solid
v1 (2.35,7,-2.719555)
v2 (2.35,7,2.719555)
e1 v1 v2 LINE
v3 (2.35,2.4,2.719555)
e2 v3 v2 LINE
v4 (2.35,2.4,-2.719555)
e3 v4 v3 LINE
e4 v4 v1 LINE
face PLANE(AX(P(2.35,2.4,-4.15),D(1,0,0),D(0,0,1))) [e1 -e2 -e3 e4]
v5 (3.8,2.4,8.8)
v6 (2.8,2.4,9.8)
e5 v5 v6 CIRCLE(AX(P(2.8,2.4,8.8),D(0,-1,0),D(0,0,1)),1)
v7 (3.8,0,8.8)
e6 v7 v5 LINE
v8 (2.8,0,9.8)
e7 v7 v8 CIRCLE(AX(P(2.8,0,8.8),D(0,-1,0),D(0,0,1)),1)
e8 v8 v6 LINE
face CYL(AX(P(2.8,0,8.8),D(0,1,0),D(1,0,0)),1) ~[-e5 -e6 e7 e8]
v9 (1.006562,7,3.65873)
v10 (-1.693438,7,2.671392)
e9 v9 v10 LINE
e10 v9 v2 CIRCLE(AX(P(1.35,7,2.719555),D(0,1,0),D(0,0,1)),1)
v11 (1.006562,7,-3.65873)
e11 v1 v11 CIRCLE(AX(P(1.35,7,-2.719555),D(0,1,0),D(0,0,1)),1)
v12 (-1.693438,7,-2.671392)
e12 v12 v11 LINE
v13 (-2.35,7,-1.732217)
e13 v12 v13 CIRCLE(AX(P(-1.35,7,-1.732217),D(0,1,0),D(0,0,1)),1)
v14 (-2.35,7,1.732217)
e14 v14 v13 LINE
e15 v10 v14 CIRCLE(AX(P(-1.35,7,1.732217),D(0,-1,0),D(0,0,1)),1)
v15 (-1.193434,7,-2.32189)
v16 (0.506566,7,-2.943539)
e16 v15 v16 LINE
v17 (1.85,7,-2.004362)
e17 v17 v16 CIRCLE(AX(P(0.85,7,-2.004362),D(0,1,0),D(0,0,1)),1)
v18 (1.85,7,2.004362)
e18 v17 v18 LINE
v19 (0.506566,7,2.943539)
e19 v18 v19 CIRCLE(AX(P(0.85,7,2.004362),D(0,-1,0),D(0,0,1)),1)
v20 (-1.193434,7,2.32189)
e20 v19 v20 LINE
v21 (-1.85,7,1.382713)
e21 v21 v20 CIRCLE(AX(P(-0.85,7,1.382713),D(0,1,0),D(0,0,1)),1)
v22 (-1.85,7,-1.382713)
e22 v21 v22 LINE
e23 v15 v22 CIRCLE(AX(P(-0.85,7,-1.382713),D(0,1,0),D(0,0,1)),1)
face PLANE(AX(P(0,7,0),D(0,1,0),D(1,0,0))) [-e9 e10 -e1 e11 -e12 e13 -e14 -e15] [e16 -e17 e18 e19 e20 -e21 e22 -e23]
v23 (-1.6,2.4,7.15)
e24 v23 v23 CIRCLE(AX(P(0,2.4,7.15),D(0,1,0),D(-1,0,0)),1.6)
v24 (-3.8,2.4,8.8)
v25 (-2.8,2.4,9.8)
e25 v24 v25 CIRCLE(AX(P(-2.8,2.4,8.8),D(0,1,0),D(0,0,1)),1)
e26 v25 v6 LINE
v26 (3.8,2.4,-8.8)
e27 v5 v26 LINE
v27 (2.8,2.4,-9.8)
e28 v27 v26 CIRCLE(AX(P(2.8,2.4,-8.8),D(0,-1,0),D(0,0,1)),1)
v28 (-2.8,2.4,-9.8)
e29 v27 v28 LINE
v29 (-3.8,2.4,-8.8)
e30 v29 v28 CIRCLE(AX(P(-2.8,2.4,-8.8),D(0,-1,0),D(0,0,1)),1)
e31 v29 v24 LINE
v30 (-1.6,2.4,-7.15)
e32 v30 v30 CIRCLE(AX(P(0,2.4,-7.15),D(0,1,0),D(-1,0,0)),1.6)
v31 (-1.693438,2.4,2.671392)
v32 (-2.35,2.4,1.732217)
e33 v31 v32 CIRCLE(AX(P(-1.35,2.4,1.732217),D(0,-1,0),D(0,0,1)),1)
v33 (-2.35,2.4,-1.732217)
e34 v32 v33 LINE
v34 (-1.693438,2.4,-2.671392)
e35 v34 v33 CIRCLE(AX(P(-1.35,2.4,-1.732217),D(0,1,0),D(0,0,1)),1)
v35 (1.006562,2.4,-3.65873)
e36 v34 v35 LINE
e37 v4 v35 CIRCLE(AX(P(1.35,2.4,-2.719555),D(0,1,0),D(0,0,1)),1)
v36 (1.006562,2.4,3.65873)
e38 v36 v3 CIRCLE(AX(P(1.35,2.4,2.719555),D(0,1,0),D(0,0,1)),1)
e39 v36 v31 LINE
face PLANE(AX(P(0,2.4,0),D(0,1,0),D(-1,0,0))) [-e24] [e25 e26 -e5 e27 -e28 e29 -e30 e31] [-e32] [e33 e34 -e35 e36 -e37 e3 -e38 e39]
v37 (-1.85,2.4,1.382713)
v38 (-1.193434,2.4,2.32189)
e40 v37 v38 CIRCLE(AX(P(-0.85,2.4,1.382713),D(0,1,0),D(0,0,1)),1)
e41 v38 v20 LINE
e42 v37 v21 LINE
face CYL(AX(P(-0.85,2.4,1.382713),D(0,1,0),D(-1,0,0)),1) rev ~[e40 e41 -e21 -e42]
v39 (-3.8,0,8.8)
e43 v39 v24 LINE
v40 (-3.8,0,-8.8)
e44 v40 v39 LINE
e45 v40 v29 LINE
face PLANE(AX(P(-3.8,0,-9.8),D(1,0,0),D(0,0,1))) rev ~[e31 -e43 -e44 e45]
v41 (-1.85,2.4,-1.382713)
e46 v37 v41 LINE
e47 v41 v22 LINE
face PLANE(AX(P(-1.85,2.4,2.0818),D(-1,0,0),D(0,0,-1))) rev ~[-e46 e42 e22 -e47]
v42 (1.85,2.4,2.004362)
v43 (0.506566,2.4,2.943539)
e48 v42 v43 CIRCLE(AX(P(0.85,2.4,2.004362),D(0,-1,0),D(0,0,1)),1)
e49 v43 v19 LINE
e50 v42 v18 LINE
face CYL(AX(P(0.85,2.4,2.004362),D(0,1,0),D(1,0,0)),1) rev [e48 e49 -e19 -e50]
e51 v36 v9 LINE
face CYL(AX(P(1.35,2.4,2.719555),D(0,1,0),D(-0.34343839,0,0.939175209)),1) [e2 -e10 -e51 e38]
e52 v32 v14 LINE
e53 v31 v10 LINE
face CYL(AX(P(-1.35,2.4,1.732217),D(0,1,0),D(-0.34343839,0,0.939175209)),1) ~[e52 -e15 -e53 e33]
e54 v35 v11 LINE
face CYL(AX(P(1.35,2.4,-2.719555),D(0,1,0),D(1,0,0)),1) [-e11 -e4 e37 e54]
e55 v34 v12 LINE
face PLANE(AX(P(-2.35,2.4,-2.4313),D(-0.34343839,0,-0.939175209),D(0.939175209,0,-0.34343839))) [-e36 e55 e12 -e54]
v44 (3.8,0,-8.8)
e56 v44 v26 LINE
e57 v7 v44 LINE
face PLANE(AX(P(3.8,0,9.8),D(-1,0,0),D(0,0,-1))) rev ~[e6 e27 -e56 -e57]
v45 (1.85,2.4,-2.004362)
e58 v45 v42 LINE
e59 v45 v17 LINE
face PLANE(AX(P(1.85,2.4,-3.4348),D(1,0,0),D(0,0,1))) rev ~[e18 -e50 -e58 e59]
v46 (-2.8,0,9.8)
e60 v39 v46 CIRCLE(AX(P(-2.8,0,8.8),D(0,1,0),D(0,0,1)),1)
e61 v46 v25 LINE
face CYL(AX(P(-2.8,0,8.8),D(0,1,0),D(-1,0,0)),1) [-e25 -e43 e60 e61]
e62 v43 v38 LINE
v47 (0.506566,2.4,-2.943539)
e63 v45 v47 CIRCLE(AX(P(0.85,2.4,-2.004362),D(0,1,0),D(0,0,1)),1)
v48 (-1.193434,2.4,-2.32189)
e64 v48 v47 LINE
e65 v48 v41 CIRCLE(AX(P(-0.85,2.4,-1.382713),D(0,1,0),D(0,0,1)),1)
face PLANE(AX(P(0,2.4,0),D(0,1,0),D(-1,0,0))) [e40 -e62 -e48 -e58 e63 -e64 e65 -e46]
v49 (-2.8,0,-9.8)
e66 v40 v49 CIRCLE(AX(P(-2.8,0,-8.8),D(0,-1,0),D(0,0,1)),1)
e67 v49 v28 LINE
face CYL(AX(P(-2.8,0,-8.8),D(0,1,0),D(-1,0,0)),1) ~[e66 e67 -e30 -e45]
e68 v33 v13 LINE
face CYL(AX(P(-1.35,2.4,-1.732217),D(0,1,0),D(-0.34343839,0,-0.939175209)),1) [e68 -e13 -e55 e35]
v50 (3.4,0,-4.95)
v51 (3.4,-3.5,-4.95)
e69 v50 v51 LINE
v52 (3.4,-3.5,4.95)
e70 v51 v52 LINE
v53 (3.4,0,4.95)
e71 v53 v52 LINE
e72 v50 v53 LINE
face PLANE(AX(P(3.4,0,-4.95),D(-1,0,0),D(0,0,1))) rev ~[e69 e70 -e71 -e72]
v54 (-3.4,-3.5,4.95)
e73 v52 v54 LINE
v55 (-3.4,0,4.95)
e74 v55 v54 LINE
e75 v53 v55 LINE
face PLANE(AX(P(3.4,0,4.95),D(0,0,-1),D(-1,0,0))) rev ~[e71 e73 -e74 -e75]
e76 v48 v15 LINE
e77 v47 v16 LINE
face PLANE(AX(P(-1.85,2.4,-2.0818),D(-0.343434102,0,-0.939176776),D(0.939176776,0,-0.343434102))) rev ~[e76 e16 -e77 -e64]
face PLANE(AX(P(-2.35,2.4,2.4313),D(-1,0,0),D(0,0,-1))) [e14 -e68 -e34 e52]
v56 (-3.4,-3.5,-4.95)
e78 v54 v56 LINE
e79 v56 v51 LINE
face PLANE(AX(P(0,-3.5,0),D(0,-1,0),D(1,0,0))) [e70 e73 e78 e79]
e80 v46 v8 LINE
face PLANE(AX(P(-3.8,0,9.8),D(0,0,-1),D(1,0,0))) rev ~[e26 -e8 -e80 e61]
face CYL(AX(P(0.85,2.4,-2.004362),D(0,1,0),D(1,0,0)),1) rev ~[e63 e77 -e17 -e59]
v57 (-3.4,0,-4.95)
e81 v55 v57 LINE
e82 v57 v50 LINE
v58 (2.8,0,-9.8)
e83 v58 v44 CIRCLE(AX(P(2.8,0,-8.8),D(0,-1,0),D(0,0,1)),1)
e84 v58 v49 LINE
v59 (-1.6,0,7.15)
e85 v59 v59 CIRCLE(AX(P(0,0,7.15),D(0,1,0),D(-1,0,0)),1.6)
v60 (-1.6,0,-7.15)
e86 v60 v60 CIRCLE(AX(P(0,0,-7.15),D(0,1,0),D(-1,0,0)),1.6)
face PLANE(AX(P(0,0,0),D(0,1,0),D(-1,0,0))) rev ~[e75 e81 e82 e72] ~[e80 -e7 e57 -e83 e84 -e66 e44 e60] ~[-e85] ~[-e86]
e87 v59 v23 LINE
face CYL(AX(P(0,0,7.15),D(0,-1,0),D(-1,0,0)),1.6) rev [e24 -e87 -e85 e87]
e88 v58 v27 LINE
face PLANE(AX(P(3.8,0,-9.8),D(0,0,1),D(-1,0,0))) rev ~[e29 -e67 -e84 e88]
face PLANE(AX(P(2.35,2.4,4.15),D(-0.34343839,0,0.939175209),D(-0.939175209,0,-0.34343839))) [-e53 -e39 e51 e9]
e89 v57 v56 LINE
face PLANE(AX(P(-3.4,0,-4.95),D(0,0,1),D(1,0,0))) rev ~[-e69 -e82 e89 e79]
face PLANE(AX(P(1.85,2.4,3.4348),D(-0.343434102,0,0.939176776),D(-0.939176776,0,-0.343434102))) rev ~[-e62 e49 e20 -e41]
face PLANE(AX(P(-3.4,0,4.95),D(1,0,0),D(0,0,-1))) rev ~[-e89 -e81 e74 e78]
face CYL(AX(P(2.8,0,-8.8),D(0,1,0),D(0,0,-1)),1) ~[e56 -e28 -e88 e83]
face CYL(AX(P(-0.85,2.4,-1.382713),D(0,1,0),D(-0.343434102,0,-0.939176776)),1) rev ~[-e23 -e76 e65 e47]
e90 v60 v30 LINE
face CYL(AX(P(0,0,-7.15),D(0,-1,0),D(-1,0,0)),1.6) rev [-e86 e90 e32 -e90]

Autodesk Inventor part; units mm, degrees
ref_plane "YZ Plane" through (0, 0, 0) normal (1, 0, 0) x (0, 1, 0)
ref_plane "XZ Plane" through (0, 0, 0) normal (0, 1, 0) x (-1, 0, 0)
ref_plane "XY Plane" through (0, 0, 0) normal (0, 0, 1) x (1, 0, 0)
sketch "Sketch1" plane through (0, 0, 0) normal (0, 1, 0) x (-1, 0, 0)
  line L0 (3.8, 9.8) -> (-3.8, 9.8)
  line L1 (-3.8, 9.8) -> (-3.8, -9.8)
  line L2 (-3.8, -9.8) -> (3.8, -9.8)
  line L3 (3.8, -9.8) -> (3.8, 9.8)
  circle A0 centre (0, 7.15) radius 1.6
  circle A1 centre (0, -7.15) radius 1.6
  point P0 (0, 0)
  dimension "d0" = 19.6
  dimension "d1" = 7.6
  dimension "d2" = 9.8
  dimension "d3" = 3.8
  dimension "d4" = 3.2
  dimension "d5" = 3.2
  dimension "d6" = 14.3
  dimension "d7" = 7.15
extrude "Extrusion1" add sketch "Sketch1" along normal blind 2.4
fillet "Fillet1" radius 1 4 edges at (3.8, 1.2, 9.8) (-3.8, 1.2, 9.8) (3.8, 1.2, -9.8) (-3.8, 1.2, -9.8)
sketch "Sketch2" plane through (0, 2.4, 0) normal (0, 1, 0) x (1, 0, 0)
  line L0 (-2.35, -2.4313) -> (-2.35, 2.4313)
  line L1 (-2.35, 2.4313) -> (2.35, 4.15)
  line L2 (2.35, 4.15) -> (2.35, -4.15)
  line L3 (2.35, -4.15) -> (-2.35, -2.4313)
  line L4 (1.85, -3.4348) -> (-1.85, -2.0818)
  line L5 (-1.85, -2.0818) -> (-1.85, 2.0818)
  line L6 (-1.85, 2.0818) -> (1.85, 3.4348)
  line L7 (1.85, 3.4348) -> (1.85, -3.4348)
  point P0 (0, 0)
  dimension "d11" = 69.914
  dimension "d13" = 8.3
  dimension "d14" = 4.7
  dimension "d15" = 2.35
  dimension "d17" = 0.5
  dimension "d18" = 0.5
  dimension "d19" = 0.5
  dimension "d20" = 0.5
  dimension "d21" = 4.15
  dimension "d22" = 69.914
  dimension "d23" = 69.914
extrude "Extrusion2" add sketch "Sketch2" along normal blind 4.6
fillet "Fillet2" radius 1 8 edges at (-2.35, 4.7, -2.4313) (-2.35, 4.7, 2.4313) (2.35, 4.7, 4.15) (2.35, 4.7, -4.15) (-1.85, 4.7, -2.0818) (-1.85, 4.7, 2.0818) (1.85, 4.7, -3.4348) (1.85, 4.7, 3.4348)
sketch "Sketch3" plane through (0, 0, 0) normal (0, -1, 0) x (1, 0, 0)
  line L0 (3.4, 4.95) -> (-3.4, 4.95)
  line L1 (-3.4, 4.95) -> (-3.4, -4.95)
  line L2 (-3.4, -4.95) -> (3.4, -4.95)
  line L3 (3.4, -4.95) -> (3.4, 4.95)
  point P0 (0, 0)
  dimension "d27" = 9.9
  dimension "d28" = 6.8
  dimension "d29" = 4.95
  dimension "d30" = 3.4
extrude "Extrusion3" add sketch "Sketch3" along normal blind 3.5
equation "\"d2\" = 0.5 * d0"
equation "\"d3\" = 0.5 * d1"
equation "\"d5\" = d4"
equation "\"d7\" = 0.5 * d6"
equation "\"d15\" = 0.5 * d14"
equation "\"d21\" = 0.5 * d13"
equation "\"d22\" = d11"
equation "\"d29\" = 0.5 * d27"
equation "\"d30\" = 0.5 * d28"
properties part number "9pin male connector"
